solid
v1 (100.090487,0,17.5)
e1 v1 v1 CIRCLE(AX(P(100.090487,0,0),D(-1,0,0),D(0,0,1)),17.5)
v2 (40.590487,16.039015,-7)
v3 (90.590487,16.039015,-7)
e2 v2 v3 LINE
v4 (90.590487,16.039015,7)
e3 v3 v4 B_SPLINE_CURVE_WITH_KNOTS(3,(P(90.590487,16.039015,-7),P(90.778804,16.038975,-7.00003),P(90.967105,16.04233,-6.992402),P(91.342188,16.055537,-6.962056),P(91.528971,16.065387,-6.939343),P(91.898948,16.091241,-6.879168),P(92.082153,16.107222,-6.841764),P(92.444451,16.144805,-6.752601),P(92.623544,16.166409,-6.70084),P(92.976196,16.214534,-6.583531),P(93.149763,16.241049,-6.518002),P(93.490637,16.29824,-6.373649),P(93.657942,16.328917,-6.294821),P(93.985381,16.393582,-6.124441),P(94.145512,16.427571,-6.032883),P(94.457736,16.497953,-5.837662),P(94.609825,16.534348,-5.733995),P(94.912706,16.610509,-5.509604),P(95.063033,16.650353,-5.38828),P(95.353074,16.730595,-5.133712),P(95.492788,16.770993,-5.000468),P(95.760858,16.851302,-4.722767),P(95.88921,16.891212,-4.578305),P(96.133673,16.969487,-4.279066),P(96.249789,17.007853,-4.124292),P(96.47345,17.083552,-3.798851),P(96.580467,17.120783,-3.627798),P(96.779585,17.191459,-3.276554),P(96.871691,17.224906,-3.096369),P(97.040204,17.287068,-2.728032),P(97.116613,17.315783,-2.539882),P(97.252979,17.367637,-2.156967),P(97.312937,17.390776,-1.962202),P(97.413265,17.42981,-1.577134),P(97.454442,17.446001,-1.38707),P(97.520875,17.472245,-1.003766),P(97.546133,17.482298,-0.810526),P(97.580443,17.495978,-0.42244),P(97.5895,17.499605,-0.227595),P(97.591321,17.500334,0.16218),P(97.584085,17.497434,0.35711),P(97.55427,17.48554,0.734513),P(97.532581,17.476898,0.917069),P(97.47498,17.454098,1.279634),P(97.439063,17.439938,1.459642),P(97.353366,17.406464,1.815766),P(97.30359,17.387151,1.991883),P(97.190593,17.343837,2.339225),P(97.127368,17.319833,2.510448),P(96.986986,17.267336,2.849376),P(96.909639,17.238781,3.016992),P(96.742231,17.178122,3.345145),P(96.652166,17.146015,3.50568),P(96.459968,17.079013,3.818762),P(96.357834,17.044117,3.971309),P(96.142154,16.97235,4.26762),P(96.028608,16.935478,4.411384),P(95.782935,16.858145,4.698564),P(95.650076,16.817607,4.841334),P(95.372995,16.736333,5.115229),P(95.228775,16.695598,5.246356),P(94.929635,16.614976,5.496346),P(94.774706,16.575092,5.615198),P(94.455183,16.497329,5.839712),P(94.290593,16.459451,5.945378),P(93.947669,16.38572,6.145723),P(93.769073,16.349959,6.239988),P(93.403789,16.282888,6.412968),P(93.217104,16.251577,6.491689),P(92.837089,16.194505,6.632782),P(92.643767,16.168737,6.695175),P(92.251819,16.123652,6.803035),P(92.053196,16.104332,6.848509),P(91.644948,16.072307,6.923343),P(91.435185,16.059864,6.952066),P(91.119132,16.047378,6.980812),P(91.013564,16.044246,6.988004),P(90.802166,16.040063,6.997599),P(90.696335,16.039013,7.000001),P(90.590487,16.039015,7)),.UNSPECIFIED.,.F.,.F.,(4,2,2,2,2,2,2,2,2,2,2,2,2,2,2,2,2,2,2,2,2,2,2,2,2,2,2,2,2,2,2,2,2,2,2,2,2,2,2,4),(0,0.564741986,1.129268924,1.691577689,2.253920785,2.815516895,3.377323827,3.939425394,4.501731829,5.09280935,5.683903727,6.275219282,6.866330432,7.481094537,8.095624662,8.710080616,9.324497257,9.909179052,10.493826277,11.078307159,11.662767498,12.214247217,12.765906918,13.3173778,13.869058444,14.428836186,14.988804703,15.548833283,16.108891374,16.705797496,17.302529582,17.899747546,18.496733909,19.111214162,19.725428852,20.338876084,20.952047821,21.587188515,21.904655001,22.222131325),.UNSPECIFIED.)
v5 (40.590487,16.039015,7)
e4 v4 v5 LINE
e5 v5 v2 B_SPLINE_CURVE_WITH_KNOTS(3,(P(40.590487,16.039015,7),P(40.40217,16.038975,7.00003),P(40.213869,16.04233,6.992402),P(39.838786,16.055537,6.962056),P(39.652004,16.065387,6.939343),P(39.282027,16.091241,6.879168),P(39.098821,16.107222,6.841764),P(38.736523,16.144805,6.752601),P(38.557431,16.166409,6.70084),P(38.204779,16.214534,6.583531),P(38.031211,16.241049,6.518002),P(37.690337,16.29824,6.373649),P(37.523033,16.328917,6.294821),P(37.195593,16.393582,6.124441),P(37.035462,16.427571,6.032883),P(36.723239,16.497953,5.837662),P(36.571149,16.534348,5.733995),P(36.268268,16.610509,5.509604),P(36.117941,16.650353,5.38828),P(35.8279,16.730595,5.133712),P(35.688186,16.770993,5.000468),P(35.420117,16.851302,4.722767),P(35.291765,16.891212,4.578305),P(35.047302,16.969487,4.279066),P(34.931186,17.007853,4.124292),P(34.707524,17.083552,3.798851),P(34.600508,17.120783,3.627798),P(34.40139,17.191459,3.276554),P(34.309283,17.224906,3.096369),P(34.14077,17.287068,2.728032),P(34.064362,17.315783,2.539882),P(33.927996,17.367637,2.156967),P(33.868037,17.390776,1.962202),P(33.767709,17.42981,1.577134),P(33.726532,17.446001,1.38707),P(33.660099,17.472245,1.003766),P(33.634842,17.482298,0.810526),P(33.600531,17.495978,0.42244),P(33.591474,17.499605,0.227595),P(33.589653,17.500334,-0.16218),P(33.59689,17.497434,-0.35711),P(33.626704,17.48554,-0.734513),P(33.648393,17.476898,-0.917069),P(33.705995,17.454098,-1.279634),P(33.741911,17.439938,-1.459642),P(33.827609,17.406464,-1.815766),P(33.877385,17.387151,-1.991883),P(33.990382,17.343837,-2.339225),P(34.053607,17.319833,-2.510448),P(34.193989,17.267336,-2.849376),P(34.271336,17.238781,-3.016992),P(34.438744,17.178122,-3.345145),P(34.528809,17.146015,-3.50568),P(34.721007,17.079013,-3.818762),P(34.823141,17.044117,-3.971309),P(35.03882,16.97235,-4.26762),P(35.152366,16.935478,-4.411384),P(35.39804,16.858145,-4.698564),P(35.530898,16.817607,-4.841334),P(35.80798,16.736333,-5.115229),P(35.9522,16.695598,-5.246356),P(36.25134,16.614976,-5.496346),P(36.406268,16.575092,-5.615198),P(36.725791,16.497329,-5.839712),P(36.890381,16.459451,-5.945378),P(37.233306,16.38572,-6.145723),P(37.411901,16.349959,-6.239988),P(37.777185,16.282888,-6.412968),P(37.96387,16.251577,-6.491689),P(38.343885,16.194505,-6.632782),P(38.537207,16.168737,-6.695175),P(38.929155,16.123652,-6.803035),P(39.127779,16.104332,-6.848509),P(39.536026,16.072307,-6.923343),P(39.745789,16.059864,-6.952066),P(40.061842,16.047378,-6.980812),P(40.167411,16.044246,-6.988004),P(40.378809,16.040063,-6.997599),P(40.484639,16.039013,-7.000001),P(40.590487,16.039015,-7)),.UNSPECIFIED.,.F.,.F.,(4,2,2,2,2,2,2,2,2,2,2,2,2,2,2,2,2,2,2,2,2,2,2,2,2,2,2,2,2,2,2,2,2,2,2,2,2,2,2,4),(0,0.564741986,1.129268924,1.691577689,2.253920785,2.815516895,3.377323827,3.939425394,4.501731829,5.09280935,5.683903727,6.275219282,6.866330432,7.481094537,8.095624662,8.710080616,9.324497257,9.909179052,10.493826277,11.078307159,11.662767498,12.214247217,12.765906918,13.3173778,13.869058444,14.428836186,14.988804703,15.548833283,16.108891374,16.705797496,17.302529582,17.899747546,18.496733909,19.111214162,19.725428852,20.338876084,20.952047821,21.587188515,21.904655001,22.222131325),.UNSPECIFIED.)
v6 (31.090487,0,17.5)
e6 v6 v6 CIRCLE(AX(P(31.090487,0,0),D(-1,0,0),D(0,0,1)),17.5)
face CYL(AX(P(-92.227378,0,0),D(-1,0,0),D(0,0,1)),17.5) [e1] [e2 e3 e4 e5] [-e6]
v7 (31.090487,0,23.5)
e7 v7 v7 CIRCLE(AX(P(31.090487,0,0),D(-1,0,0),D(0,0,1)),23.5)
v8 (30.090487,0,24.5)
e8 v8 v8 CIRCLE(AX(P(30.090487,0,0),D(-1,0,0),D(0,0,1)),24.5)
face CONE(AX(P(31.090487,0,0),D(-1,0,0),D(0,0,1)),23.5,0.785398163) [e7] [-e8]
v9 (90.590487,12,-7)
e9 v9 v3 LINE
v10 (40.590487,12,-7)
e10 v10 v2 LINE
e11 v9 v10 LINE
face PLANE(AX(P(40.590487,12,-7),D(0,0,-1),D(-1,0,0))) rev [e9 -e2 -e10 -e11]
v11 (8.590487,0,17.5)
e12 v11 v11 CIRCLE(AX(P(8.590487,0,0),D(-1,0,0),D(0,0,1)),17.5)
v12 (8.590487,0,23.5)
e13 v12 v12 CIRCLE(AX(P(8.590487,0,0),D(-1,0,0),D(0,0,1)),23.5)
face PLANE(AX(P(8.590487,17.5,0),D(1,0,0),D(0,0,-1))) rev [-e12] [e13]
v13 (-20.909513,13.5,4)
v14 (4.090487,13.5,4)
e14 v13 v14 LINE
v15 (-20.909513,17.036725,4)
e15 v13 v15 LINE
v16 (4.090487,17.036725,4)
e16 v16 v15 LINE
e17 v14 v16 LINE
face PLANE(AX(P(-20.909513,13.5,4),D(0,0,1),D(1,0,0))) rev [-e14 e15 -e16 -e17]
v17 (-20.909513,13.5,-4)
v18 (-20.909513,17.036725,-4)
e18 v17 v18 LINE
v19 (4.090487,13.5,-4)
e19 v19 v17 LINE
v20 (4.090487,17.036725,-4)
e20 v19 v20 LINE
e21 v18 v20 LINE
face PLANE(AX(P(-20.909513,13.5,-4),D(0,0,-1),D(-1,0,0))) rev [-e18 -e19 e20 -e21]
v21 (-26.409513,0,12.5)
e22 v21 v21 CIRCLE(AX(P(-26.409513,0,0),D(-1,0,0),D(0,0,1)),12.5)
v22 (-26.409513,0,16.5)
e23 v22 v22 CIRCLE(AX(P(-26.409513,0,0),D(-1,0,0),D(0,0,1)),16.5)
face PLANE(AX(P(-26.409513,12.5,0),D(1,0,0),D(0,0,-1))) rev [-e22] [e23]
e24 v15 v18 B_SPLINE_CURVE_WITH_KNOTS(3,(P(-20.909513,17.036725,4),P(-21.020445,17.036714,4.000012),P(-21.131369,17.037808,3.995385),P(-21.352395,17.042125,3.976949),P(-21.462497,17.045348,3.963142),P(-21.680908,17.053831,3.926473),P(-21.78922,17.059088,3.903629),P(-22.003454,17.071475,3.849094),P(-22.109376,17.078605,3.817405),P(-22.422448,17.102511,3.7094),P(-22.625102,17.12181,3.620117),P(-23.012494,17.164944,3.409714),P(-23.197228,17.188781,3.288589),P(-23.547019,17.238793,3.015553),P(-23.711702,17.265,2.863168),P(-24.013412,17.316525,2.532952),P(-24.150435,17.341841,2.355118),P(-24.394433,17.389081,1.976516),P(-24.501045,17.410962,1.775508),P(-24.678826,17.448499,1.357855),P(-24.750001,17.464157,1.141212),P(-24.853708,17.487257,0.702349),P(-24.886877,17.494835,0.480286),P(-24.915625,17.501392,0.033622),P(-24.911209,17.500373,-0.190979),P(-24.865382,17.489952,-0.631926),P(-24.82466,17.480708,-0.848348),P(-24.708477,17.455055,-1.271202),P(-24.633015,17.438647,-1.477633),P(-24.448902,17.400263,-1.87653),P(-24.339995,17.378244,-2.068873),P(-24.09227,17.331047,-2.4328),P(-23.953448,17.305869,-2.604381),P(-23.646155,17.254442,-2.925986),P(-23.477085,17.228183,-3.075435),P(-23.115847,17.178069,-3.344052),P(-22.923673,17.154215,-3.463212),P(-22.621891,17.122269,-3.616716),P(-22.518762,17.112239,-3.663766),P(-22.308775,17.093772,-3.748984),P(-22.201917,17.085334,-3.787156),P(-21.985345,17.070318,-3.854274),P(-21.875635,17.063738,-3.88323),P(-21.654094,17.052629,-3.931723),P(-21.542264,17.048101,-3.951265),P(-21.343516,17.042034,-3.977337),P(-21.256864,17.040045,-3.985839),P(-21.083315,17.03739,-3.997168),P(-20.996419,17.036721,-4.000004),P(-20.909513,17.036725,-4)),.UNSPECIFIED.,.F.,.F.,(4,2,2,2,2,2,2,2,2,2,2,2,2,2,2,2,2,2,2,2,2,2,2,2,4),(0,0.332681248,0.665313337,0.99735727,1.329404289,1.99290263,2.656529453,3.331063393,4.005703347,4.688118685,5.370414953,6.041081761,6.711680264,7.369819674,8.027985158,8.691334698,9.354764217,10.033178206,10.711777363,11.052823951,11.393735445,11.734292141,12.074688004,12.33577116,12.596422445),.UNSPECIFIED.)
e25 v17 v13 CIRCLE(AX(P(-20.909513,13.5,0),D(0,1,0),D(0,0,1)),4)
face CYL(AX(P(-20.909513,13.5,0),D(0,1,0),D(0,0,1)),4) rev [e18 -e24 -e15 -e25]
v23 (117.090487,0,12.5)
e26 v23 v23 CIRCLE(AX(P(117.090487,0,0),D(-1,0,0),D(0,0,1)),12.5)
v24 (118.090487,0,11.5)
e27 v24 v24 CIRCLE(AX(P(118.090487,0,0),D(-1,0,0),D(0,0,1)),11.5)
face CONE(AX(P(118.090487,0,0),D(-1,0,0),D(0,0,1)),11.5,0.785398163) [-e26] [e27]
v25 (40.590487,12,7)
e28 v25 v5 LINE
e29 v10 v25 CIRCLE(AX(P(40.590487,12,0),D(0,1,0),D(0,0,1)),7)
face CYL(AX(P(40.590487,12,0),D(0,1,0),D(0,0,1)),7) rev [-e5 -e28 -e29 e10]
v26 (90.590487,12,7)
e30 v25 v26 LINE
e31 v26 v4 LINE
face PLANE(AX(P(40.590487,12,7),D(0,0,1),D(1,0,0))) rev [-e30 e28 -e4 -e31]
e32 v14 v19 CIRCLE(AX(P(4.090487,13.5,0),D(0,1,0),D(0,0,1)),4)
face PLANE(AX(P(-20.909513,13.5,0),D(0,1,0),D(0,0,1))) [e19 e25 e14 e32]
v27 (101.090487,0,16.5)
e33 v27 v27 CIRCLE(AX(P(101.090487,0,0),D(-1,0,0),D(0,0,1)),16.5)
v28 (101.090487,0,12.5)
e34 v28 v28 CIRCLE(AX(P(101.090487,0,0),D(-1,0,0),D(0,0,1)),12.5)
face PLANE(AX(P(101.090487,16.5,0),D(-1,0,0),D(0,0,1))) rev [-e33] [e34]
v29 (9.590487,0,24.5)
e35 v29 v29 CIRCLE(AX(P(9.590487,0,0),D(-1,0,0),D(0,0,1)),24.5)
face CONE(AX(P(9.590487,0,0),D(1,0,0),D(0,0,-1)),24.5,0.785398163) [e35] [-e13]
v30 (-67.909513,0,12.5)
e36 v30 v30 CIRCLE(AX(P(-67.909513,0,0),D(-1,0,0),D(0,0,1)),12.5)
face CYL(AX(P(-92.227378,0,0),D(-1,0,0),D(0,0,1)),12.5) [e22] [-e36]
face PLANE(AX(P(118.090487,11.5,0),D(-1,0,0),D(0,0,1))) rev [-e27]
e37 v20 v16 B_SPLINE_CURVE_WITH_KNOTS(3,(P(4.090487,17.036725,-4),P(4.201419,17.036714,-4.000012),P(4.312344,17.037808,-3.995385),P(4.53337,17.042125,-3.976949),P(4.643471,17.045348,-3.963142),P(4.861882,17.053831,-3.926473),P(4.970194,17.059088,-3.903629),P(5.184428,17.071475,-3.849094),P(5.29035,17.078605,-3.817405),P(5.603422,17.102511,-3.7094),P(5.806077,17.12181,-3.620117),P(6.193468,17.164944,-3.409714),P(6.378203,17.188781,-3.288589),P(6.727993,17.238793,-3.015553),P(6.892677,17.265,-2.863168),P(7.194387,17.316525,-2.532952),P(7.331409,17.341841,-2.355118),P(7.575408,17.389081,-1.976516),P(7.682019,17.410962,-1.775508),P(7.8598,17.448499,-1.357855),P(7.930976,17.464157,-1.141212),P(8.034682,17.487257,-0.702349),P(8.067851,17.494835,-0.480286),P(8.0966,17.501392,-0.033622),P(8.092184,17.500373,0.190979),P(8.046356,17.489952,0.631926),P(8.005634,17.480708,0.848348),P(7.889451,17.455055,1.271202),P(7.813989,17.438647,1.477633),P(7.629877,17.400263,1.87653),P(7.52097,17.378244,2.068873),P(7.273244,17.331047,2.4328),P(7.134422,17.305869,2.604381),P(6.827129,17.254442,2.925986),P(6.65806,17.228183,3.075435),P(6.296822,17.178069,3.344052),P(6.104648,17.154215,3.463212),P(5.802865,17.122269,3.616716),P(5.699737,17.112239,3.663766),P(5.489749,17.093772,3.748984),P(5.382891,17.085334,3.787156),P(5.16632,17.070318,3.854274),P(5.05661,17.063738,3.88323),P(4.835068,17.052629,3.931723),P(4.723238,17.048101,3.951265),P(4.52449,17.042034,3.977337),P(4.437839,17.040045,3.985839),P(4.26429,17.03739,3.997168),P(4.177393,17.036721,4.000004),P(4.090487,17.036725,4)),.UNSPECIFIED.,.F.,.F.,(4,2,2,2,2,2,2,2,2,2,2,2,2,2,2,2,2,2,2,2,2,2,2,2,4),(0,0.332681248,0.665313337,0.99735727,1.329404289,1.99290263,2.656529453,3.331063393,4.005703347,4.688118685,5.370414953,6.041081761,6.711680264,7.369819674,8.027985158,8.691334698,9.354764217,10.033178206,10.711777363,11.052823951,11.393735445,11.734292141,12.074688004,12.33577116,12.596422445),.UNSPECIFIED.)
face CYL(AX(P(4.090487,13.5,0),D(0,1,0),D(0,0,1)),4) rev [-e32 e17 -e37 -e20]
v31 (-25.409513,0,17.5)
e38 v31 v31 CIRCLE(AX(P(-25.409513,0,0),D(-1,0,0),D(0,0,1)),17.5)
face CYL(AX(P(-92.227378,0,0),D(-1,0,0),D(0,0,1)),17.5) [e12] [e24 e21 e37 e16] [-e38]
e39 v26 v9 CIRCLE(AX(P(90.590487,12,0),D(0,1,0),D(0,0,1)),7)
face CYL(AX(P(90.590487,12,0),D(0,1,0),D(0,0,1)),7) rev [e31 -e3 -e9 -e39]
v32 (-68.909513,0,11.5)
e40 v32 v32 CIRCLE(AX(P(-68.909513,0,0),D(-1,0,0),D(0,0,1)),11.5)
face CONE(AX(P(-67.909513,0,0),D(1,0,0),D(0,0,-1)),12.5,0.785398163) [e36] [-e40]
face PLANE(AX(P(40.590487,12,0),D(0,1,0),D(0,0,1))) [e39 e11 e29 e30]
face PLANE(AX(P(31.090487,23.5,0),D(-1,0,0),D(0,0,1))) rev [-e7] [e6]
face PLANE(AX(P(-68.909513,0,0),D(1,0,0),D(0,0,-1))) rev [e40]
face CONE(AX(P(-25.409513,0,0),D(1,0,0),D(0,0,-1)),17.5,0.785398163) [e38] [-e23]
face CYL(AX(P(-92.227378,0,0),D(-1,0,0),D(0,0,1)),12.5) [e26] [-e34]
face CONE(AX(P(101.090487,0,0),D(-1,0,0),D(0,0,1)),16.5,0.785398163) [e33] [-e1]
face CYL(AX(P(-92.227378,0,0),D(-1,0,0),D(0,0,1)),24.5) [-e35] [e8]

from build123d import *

# Parameters (mm, degrees)
CUT_EXTRUDE1_DEPTH = 4
CUT_EXTRUDE2_DEPTH = 5.5


with BuildPart() as part:
    # Sketch1 → Revolve1 (revolve)
    with BuildSketch(Plane.XY, mode=Mode.PRIVATE) as revolve1_sk:
        Polygon((-68.909512761, 0), (-68.909512761, 11.5), (-67.909512761, 12.5), (-26.409512761, 12.5), (-26.409512761, 16.5), (-25.409512761, 17.5), (8.590487239, 17.5), (8.590487239, 23.5), (9.590487239, 24.5), (30.090487239, 24.5), (31.090487239, 23.5), (31.090487239, 17.5), (100.090487239, 17.5), (101.090487239, 16.5), (101.090487239, 12.5), (117.090487239, 12.5), (118.090487239, 11.5), (118.090487239, 0), align=None)
    revolve(revolve1_sk.sketch.rotate(Axis((-92.22737819, 0, 0), (1, 0, 0)), 90), axis=Axis((-92.22737819, 0, 0), (1, 0, 0)))

    # Sketch2 → Cut-Extrude1 (cut)
    with BuildSketch(Plane(origin=(0, 17.5, 0), x_dir=(1, 0, 0), z_dir=(0, 1, 0))):
        with BuildLine():
            Line((-20.909512761, 4), (4.090487239, 4))
            ThreePointArc((4.090487239, 4), (8.090487239, 0), (4.090487239, -4))
            Line((4.090487239, -4), (-20.909512761, -4))
            ThreePointArc((-20.909512761, -4), (-24.909512761, 0), (-20.909512761, 4))
        make_face()
    extrude(amount=-CUT_EXTRUDE1_DEPTH, mode=Mode.SUBTRACT)

    # Sketch3 → Cut-Extrude2 (cut)
    with BuildSketch(Plane(origin=(0, 17.5, 0), x_dir=(1, 0, 0), z_dir=(0, 1, 0))):
        with BuildLine():
            Line((40.590487239, 7), (90.590487239, 7))
            ThreePointArc((90.590487239, 7), (97.590487239, 0), (90.590487239, -7))
            Line((90.590487239, -7), (40.590487239, -7))
            ThreePointArc((40.590487239, -7), (33.590487239, 0), (40.590487239, 7))
        make_face()
    extrude(amount=-CUT_EXTRUDE2_DEPTH, mode=Mode.SUBTRACT)


solid = part.part
